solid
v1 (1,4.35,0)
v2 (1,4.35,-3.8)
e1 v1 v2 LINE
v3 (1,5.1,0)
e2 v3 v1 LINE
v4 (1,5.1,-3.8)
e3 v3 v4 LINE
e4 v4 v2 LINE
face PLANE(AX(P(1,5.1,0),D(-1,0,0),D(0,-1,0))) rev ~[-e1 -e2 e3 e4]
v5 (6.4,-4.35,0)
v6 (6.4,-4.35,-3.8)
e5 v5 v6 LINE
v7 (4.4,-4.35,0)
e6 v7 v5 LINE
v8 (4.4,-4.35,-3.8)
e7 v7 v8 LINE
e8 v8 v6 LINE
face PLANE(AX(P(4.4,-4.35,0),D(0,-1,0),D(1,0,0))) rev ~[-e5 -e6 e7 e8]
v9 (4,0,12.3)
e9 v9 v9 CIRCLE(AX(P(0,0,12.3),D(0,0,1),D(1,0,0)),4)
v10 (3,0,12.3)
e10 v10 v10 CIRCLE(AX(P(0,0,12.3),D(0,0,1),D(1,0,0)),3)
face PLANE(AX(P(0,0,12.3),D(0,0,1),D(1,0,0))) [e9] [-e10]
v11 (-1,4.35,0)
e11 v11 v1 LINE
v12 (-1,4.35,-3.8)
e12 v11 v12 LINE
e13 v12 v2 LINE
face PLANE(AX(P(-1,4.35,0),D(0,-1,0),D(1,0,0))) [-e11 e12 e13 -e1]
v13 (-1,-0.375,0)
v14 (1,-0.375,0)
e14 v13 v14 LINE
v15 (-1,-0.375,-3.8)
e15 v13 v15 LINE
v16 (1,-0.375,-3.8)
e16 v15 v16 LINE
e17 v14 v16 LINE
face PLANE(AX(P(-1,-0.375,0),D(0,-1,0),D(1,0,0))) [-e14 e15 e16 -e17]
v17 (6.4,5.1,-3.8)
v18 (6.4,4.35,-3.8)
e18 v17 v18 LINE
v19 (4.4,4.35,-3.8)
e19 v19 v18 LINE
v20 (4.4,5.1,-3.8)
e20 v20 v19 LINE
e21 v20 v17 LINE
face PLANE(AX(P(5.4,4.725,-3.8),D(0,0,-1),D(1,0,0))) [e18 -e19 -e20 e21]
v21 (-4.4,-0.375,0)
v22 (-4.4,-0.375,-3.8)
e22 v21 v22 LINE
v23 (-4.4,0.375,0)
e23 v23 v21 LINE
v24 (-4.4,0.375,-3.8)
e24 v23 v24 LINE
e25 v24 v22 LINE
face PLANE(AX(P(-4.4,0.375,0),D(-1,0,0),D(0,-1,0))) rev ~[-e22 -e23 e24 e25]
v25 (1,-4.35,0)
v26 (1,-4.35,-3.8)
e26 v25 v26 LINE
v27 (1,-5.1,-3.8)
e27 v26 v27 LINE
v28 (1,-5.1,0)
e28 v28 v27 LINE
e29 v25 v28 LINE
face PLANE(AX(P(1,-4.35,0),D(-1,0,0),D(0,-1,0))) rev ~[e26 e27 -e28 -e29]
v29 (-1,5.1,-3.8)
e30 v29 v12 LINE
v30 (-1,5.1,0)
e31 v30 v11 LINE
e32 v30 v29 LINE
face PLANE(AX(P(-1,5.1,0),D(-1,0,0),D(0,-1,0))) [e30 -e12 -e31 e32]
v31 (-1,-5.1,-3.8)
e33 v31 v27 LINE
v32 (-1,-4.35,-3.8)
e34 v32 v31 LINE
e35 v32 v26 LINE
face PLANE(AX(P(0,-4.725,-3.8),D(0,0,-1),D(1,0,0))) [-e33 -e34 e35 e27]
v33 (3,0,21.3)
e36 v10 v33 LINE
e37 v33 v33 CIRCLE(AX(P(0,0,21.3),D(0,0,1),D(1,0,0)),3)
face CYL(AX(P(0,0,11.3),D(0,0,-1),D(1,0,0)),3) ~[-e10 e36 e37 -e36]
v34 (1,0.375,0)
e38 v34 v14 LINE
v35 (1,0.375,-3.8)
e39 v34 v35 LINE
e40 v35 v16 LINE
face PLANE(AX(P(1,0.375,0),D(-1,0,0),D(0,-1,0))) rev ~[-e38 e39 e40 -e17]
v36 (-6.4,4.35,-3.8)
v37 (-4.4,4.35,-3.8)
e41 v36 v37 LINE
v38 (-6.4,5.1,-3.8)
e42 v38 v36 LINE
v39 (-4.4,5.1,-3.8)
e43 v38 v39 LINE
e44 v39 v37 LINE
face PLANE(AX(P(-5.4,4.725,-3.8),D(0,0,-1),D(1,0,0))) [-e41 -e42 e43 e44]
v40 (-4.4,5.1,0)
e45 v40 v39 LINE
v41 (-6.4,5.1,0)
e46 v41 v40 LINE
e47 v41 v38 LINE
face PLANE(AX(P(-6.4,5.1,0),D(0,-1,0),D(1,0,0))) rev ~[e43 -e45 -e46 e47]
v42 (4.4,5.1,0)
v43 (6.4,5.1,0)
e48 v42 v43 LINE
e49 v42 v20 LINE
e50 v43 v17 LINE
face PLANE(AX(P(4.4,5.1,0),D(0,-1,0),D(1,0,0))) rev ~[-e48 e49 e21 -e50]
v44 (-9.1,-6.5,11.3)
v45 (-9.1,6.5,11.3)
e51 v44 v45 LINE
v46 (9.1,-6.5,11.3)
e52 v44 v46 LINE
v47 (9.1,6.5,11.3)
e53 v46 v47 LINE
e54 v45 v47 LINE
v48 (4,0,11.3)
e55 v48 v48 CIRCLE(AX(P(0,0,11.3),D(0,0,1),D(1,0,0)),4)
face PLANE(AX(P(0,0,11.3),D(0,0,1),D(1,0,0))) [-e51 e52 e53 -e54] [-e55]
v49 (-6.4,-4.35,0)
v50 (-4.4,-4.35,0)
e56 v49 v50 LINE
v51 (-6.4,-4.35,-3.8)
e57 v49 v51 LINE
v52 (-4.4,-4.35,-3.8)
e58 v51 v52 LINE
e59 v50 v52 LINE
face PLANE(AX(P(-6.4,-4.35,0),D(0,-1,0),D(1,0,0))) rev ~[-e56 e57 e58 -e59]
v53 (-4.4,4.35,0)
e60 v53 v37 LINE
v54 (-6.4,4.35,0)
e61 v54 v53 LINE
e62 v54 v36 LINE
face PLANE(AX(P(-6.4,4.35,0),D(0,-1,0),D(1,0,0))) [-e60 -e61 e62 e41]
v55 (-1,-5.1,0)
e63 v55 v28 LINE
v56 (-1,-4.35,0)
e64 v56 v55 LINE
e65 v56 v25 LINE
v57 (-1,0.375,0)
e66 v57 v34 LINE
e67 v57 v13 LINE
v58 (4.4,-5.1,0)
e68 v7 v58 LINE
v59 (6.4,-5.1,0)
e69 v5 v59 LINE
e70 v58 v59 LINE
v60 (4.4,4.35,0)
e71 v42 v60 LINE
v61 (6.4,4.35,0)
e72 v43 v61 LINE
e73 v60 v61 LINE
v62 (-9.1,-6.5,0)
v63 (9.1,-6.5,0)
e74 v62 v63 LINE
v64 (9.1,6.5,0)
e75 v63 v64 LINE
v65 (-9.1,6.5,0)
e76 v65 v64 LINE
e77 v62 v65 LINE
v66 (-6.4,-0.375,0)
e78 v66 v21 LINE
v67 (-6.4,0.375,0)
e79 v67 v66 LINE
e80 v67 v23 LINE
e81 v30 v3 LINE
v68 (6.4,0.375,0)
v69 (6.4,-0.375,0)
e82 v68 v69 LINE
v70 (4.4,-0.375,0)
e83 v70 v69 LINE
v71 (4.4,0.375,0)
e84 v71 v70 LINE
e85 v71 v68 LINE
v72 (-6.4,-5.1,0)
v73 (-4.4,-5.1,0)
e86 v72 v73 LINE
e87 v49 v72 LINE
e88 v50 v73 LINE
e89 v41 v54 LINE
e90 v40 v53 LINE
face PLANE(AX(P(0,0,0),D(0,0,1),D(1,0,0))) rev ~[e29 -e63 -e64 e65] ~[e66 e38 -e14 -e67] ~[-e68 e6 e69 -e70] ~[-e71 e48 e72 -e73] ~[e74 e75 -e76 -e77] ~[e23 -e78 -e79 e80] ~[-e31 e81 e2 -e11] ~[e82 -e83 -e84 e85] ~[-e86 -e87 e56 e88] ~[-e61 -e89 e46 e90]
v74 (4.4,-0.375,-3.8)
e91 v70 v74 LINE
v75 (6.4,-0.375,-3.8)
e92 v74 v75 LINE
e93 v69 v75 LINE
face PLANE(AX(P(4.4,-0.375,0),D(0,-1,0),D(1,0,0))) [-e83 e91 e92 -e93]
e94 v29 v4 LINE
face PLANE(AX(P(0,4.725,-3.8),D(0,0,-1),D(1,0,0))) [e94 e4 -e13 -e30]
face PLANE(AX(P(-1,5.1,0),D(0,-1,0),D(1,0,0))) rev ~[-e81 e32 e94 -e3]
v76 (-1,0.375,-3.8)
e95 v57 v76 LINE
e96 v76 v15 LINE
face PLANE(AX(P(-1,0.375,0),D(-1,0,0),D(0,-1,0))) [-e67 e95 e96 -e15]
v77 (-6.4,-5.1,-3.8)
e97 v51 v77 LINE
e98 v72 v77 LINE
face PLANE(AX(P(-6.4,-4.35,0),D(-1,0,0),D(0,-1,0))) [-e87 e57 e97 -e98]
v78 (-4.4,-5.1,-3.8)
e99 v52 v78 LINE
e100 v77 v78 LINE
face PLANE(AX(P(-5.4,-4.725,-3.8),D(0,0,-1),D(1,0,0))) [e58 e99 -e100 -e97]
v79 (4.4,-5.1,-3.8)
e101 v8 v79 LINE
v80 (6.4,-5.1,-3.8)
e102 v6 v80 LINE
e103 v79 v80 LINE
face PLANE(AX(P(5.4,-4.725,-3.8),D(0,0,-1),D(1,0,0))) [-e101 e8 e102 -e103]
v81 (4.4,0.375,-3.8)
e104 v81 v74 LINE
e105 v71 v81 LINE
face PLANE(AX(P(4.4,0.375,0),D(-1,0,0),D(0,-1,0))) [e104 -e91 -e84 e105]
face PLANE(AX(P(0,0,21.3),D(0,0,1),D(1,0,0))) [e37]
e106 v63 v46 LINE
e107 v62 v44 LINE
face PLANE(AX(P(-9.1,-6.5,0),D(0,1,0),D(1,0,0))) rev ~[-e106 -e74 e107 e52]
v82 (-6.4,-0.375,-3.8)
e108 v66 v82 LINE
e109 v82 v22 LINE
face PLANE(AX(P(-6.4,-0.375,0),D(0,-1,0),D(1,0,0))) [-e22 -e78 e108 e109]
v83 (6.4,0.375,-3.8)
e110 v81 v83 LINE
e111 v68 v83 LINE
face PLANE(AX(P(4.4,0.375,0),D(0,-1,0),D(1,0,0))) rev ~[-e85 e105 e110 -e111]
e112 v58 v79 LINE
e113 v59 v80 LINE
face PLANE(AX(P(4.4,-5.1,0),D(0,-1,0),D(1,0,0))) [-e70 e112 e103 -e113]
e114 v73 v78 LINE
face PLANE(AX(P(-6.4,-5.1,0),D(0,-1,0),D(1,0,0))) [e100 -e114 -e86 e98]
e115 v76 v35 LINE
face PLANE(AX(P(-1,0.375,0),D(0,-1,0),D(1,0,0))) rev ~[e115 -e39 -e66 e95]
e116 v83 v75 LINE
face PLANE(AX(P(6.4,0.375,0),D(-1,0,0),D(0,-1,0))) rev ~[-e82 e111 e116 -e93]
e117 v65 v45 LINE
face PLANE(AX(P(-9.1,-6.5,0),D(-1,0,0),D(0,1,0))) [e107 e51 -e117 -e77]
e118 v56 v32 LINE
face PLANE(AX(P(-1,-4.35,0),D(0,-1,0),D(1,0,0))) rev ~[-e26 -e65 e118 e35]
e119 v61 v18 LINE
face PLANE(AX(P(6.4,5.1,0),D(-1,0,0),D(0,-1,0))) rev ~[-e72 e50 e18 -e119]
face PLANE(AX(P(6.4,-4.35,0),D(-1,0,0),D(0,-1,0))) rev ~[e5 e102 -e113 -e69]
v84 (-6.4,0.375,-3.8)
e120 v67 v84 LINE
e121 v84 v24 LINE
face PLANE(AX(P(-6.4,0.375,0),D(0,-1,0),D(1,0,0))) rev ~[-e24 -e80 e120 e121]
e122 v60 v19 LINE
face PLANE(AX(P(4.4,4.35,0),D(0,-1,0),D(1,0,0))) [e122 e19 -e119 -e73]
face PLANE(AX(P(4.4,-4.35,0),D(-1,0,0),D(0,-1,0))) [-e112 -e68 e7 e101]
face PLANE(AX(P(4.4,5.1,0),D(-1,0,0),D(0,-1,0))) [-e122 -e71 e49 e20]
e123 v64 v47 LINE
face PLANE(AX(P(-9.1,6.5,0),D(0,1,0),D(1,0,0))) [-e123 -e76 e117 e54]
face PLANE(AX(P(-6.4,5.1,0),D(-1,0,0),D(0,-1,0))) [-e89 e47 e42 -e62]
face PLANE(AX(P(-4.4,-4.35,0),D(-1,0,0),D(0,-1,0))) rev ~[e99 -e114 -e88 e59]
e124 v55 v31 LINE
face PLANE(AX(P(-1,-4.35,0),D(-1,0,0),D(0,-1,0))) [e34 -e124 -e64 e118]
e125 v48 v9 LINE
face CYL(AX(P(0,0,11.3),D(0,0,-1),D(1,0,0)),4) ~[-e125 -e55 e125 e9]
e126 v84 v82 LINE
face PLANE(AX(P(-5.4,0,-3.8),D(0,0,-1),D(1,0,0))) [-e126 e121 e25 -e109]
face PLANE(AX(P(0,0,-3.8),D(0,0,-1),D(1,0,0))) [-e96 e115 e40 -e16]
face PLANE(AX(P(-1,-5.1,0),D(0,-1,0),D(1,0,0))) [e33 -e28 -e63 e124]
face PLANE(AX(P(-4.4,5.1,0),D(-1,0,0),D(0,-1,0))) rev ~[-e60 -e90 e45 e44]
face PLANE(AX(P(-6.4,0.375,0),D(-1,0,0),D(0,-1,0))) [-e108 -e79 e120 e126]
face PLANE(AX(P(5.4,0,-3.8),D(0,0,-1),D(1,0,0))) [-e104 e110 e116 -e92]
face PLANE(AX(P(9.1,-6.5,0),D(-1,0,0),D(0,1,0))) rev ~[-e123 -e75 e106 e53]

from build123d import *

# Parameters (mm, degrees)
F0_W      = 18.2
F0_H      = 13
F1_DEPTH  = 11.3
F2_R      = 4
F2_R_2    = 3
F3_DEPTH  = 1
F3_FACE_R = 3
F4_DEPTH  = 10
F5_W      = 2
F5_H      = 0.75
F6_DEPTH  = 3.8


with BuildPart() as f1:
    # F0 (on Top) → F1 (new body)
    with BuildSketch(Plane.XY):
        Rectangle(F0_W, F0_H)
    extrude(amount=F1_DEPTH)

    # F2 (on face) → F3 (join)
    with BuildSketch(Plane.XY.offset(11.3)):
        Circle(F2_R)
        Circle(F2_R_2, mode=Mode.SUBTRACT)
    extrude(amount=F3_DEPTH)

    # F3_face (on face) → F4 (join)
    with BuildSketch(Plane.XY.offset(11.3)):
        Circle(F3_FACE_R)
    extrude(amount=F4_DEPTH)

    # F5 (on face) → F6 (join)
    with BuildSketch(Plane(origin=(0, 0, 0), x_dir=(1, 0, 0), z_dir=(0, 0, -1))):
        with Locations((-5.4, 4.725)):
            Rectangle(F5_W, F5_H)
        with Locations((0, 4.725)):
            Rectangle(F5_W, F5_H)
        with Locations((5.4, 4.725)):
            Rectangle(F5_W, F5_H)
        with Locations((5.4, 0)):
            Rectangle(F5_W, F5_H)
        Rectangle(F5_W, F5_H)
        with Locations((-5.4, 0)):
            Rectangle(F5_W, F5_H)
        with Locations((5.4, -4.725)):
            Rectangle(F5_W, F5_H)
        with Locations((0, -4.725)):
            Rectangle(F5_W, F5_H)
        with Locations((-5.4, -4.725)):
            Rectangle(F5_W, F5_H)
    extrude(amount=F6_DEPTH)


solid = f1.part
